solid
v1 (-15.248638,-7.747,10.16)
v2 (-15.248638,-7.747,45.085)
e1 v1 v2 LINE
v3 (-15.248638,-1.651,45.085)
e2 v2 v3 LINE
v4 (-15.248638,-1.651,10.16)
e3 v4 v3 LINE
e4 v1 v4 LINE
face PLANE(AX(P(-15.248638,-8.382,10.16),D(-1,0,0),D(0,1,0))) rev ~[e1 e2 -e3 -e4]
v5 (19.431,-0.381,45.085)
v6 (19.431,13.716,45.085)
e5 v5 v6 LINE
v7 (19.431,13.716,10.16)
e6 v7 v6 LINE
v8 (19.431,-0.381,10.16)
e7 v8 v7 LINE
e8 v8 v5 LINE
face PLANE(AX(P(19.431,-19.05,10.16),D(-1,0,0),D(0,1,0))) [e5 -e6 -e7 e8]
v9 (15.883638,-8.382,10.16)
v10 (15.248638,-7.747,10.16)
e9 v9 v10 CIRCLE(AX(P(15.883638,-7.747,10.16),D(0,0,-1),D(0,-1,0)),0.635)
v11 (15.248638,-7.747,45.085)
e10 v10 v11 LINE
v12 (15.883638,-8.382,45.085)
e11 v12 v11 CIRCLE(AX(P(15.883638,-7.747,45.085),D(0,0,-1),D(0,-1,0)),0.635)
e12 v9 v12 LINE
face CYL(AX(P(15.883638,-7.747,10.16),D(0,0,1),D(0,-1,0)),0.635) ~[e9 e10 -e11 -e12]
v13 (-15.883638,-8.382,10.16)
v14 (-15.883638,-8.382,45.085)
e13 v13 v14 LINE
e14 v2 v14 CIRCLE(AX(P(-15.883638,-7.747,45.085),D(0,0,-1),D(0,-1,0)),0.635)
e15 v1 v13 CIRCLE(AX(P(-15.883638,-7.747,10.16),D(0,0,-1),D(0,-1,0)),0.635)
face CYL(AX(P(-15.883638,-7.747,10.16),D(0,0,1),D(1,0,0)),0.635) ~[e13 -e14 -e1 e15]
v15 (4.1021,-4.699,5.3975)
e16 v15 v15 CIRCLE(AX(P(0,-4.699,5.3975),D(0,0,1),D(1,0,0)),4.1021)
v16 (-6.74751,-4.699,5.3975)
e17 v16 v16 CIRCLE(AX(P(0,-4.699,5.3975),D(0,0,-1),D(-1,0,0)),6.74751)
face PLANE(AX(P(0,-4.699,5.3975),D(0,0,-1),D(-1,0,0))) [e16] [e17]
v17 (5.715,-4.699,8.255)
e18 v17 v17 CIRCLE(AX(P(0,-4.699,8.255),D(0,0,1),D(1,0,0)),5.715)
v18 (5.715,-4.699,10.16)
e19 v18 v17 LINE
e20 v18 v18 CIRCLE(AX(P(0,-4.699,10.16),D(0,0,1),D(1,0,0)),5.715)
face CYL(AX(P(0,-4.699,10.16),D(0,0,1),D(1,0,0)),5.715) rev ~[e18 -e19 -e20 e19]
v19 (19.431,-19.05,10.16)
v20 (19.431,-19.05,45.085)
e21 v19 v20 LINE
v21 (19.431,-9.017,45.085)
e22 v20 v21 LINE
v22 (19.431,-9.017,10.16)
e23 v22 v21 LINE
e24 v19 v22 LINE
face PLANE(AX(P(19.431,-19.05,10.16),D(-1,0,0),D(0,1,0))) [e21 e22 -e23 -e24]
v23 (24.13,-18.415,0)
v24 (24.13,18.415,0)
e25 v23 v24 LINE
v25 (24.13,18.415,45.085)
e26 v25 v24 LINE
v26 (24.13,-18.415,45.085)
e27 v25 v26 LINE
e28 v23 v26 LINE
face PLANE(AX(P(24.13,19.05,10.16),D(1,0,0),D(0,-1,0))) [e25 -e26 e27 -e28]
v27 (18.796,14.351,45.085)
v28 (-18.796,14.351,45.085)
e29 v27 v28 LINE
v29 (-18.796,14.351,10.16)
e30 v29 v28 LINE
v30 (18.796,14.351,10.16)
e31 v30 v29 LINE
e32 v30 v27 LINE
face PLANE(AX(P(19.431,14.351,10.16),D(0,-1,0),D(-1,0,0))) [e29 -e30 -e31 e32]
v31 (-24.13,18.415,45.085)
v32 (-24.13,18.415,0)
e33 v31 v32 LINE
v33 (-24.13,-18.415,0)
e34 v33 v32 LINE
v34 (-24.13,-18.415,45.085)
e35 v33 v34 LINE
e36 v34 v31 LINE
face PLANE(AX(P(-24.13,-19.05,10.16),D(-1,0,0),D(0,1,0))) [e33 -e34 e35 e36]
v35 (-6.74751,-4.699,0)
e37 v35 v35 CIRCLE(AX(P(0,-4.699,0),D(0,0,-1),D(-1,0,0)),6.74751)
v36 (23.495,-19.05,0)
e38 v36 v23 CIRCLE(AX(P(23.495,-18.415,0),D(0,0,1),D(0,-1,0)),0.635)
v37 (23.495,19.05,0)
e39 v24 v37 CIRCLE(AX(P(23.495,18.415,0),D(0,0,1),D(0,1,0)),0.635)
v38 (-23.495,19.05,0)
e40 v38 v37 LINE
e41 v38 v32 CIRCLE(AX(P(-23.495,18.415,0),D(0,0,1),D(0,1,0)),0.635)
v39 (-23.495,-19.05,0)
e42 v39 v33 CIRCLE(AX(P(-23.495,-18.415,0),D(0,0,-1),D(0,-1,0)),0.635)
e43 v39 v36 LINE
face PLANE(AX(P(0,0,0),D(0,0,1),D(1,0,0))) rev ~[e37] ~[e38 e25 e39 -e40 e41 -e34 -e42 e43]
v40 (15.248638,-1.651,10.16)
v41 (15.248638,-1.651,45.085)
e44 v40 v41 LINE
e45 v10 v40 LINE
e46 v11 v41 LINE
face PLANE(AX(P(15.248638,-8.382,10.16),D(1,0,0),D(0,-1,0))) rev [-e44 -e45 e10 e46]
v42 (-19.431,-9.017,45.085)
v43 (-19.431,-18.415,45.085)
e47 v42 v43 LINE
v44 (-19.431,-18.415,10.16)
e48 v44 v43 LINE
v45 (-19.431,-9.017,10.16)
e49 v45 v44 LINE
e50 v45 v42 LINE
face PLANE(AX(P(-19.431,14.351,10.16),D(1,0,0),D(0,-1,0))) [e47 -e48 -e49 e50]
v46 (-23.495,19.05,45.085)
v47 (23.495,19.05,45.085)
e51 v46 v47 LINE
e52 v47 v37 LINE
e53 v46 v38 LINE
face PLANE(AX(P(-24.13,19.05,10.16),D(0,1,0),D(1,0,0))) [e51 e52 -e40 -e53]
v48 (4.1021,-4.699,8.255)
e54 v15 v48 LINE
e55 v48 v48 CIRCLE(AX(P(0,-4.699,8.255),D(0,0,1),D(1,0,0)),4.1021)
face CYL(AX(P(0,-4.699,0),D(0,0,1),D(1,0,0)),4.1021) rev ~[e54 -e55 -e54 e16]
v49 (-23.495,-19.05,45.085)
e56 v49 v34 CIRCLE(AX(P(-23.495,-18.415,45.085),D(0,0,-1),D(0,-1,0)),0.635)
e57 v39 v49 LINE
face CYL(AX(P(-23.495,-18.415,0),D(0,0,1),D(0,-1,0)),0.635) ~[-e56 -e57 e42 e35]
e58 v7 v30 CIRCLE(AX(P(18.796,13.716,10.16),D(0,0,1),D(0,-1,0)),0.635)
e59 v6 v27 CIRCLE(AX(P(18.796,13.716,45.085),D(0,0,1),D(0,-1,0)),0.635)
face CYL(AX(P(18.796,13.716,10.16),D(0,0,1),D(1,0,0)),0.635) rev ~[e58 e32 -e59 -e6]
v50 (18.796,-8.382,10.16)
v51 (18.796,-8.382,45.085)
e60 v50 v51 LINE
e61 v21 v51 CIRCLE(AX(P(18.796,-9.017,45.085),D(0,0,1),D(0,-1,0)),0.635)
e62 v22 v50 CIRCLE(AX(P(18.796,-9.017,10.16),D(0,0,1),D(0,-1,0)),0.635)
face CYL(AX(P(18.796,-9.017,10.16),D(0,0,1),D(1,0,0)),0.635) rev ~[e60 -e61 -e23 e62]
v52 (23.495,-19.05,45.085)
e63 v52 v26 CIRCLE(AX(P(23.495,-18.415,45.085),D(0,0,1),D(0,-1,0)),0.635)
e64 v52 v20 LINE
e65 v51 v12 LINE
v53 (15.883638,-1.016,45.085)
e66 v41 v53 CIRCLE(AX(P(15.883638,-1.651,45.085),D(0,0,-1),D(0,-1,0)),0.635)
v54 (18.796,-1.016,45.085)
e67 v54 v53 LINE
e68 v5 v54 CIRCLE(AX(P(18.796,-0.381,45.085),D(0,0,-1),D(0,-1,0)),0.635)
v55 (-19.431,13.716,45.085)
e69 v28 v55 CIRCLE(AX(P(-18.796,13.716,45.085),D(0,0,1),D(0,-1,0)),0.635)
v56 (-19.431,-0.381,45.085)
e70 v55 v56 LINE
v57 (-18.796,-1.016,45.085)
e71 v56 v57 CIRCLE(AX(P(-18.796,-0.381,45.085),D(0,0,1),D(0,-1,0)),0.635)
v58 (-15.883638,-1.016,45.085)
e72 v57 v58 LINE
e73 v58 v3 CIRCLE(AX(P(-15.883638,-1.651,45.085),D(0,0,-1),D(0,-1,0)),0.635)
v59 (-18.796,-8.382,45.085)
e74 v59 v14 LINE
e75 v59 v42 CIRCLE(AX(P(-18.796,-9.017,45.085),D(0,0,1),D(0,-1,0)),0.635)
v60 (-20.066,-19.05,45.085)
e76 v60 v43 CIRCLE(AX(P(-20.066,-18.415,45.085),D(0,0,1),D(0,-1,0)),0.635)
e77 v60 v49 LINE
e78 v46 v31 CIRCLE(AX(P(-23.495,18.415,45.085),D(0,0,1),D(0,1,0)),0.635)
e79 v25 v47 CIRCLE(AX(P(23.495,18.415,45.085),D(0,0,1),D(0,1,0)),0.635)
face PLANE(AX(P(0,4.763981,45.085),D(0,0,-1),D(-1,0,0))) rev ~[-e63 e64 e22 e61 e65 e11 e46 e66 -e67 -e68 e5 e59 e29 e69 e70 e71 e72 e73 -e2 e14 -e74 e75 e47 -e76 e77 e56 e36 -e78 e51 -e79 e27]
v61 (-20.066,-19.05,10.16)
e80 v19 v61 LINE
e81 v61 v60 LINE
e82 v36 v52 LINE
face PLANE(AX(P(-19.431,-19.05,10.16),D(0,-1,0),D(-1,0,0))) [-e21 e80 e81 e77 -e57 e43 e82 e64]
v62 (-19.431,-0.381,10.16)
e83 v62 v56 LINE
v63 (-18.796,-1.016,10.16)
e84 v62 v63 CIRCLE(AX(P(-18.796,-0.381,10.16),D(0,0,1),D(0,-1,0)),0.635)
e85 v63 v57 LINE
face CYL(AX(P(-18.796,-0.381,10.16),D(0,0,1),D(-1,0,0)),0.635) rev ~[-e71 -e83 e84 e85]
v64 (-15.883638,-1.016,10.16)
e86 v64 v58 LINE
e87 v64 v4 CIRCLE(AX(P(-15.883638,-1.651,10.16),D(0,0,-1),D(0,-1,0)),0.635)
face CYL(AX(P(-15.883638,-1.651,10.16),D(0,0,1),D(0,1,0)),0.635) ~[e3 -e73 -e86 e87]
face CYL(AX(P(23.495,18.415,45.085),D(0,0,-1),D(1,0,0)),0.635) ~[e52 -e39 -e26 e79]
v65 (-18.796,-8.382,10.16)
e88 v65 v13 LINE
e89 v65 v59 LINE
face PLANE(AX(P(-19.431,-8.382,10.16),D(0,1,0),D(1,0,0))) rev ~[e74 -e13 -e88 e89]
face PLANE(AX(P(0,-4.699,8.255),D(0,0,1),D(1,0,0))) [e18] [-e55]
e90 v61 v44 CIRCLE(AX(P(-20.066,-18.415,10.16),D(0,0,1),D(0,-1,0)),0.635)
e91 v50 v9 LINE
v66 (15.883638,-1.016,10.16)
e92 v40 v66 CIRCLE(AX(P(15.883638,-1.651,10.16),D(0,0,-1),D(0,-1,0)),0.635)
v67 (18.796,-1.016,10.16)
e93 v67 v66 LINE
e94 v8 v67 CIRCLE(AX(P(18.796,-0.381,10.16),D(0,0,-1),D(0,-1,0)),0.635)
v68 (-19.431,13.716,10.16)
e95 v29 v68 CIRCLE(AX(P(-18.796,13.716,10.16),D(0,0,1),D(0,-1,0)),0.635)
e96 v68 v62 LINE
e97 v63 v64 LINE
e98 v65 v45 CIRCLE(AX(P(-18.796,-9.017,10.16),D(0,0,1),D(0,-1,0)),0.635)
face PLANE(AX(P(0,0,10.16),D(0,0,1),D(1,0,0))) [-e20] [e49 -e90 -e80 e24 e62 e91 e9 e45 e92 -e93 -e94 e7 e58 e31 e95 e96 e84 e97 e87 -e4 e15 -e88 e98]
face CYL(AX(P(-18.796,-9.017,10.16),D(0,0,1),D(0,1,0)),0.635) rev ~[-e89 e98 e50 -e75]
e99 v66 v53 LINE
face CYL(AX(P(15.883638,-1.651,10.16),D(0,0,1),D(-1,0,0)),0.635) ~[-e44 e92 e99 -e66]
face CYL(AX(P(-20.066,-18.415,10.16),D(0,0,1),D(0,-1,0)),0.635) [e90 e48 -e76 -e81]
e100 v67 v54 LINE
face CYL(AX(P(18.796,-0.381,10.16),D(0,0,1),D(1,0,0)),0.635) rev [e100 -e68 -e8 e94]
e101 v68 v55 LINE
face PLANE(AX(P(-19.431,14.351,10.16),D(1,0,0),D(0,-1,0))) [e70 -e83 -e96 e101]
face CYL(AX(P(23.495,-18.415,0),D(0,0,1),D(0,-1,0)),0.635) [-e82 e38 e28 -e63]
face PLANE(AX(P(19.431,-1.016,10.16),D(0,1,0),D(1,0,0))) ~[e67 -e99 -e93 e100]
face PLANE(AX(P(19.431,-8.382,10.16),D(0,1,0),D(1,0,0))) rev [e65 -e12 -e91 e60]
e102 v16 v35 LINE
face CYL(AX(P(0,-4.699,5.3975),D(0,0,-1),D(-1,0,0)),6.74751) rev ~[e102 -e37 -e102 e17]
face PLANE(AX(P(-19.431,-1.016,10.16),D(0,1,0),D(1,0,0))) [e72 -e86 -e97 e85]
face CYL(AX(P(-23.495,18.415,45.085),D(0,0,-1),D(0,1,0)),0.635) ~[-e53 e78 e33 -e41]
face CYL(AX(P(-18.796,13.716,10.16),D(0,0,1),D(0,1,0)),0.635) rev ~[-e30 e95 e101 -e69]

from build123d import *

# Parameters (mm, degrees)
SKETCH1_W                                         = 48.26
SKETCH1_H                                         = 38.1
BOSS_EXTRUDE1_DEPTH                               = 10.16
BOSS_EXTRUDE3_DEPTH                               = 34.925
CBORE_FOR_5_16_SOCKET_HEAD_CAP_SCREW1_D           = 8.2042
CBORE_FOR_5_16_SOCKET_HEAD_CAP_SCREW1_CBORE_D     = 13.49502
CBORE_FOR_5_16_SOCKET_HEAD_CAP_SCREW1_CBORE_DEPTH = 5.3975
SKETCH7_R                                         = 5.715
CUT_EXTRUDE2_DEPTH                                = 1.905
SKETCH8_W                                         = 4.182361547
SKETCH8_H                                         = 7.366
BOSS_EXTRUDE4_DEPTH                               = 34.925
FILLET2_R                                         = 0.635
FILLET3_R                                         = 0.635
FILLET1_R                                         = 0.635


with BuildPart() as part:
    # Sketch1 → Boss-Extrude1 (new body)
    with BuildSketch(Plane.XY):
        Rectangle(SKETCH1_W, SKETCH1_H)
    extrude(amount=BOSS_EXTRUDE1_DEPTH)

    # Sketch5 → Boss-Extrude3 (add)
    with BuildSketch(Plane.XY.offset(10.16)):
        Polygon((-24.13, -19.05), (-24.13, 19.05), (24.13, 19.05), (24.13, -19.05), (19.431, -19.05), (19.431, 14.351), (-19.431, 14.351), (-19.431, -19.05), align=None)
    extrude(amount=BOSS_EXTRUDE3_DEPTH)

    # CBORE for 5/16 Socket Head Cap Screw1 (through all)
    with Locations(Plane(origin=(0, 0, 0), x_dir=(-1, 0, 0), z_dir=(0, 0, -1))):
        with Locations((0, -4.699)):
            CounterBoreHole(CBORE_FOR_5_16_SOCKET_HEAD_CAP_SCREW1_D / 2, CBORE_FOR_5_16_SOCKET_HEAD_CAP_SCREW1_CBORE_D / 2, CBORE_FOR_5_16_SOCKET_HEAD_CAP_SCREW1_CBORE_DEPTH)

    # Sketch7 → Cut-Extrude2 (cut)
    with BuildSketch(Plane.XY.offset(10.16)):
        with Locations((0, -4.699)):
            Circle(SKETCH7_R)
    extrude(amount=-CUT_EXTRUDE2_DEPTH, mode=Mode.SUBTRACT)

    # Sketch8 → Boss-Extrude4 (add)
    with BuildSketch(Plane.XY.offset(10.16)):
        with Locations((-17.339819227, -4.699)):
            Rectangle(SKETCH8_W, SKETCH8_H)
    boss_extrude4 = extrude(amount=BOSS_EXTRUDE4_DEPTH)

    # Fillet2
    fillet2_edges = [part.edges().sort_by_distance(p)[0] for p in [
        (-19.431, 14.351, 27.6225),
        (19.431, 14.351, 27.6225),
    ]]
    fillet(fillet2_edges, radius=FILLET2_R)

    # Fillet3
    fillet3_edges = [part.edges().sort_by_distance(p)[0] for p in [
        (-19.431, -19.05, 27.6225),
        (24.13, -19.05, 22.5425),
        (-24.13, -19.05, 22.5425),
        (-24.13, 19.05, 22.5425),
        (24.13, 19.05, 22.5425),
    ]]
    fillet(fillet3_edges, radius=FILLET3_R)

    # Mirror2: Boss-Extrude4 across plane
    add(boss_extrude4.mirror(Plane(origin=(0, 0, 0), x_dir=(0, 0, 1), z_dir=(1, 0, 0))))

    # Fillet1
    fillet1_edges = [part.edges().sort_by_distance(p)[0] for p in [
        (19.431, -1.016, 27.6225),
        (19.431, -8.382, 27.6225),
        (15.248638453, -8.382, 27.6225),
        (15.248638453, -1.016, 27.6225),
        (-15.248638453, -8.382, 27.6225),
        (-15.248638453, -1.016, 27.6225),
        (-19.431, -1.016, 27.6225),
        (-19.431, -8.382, 27.6225),
    ]]
    fillet(fillet1_edges, radius=FILLET1_R)


solid = part.part
